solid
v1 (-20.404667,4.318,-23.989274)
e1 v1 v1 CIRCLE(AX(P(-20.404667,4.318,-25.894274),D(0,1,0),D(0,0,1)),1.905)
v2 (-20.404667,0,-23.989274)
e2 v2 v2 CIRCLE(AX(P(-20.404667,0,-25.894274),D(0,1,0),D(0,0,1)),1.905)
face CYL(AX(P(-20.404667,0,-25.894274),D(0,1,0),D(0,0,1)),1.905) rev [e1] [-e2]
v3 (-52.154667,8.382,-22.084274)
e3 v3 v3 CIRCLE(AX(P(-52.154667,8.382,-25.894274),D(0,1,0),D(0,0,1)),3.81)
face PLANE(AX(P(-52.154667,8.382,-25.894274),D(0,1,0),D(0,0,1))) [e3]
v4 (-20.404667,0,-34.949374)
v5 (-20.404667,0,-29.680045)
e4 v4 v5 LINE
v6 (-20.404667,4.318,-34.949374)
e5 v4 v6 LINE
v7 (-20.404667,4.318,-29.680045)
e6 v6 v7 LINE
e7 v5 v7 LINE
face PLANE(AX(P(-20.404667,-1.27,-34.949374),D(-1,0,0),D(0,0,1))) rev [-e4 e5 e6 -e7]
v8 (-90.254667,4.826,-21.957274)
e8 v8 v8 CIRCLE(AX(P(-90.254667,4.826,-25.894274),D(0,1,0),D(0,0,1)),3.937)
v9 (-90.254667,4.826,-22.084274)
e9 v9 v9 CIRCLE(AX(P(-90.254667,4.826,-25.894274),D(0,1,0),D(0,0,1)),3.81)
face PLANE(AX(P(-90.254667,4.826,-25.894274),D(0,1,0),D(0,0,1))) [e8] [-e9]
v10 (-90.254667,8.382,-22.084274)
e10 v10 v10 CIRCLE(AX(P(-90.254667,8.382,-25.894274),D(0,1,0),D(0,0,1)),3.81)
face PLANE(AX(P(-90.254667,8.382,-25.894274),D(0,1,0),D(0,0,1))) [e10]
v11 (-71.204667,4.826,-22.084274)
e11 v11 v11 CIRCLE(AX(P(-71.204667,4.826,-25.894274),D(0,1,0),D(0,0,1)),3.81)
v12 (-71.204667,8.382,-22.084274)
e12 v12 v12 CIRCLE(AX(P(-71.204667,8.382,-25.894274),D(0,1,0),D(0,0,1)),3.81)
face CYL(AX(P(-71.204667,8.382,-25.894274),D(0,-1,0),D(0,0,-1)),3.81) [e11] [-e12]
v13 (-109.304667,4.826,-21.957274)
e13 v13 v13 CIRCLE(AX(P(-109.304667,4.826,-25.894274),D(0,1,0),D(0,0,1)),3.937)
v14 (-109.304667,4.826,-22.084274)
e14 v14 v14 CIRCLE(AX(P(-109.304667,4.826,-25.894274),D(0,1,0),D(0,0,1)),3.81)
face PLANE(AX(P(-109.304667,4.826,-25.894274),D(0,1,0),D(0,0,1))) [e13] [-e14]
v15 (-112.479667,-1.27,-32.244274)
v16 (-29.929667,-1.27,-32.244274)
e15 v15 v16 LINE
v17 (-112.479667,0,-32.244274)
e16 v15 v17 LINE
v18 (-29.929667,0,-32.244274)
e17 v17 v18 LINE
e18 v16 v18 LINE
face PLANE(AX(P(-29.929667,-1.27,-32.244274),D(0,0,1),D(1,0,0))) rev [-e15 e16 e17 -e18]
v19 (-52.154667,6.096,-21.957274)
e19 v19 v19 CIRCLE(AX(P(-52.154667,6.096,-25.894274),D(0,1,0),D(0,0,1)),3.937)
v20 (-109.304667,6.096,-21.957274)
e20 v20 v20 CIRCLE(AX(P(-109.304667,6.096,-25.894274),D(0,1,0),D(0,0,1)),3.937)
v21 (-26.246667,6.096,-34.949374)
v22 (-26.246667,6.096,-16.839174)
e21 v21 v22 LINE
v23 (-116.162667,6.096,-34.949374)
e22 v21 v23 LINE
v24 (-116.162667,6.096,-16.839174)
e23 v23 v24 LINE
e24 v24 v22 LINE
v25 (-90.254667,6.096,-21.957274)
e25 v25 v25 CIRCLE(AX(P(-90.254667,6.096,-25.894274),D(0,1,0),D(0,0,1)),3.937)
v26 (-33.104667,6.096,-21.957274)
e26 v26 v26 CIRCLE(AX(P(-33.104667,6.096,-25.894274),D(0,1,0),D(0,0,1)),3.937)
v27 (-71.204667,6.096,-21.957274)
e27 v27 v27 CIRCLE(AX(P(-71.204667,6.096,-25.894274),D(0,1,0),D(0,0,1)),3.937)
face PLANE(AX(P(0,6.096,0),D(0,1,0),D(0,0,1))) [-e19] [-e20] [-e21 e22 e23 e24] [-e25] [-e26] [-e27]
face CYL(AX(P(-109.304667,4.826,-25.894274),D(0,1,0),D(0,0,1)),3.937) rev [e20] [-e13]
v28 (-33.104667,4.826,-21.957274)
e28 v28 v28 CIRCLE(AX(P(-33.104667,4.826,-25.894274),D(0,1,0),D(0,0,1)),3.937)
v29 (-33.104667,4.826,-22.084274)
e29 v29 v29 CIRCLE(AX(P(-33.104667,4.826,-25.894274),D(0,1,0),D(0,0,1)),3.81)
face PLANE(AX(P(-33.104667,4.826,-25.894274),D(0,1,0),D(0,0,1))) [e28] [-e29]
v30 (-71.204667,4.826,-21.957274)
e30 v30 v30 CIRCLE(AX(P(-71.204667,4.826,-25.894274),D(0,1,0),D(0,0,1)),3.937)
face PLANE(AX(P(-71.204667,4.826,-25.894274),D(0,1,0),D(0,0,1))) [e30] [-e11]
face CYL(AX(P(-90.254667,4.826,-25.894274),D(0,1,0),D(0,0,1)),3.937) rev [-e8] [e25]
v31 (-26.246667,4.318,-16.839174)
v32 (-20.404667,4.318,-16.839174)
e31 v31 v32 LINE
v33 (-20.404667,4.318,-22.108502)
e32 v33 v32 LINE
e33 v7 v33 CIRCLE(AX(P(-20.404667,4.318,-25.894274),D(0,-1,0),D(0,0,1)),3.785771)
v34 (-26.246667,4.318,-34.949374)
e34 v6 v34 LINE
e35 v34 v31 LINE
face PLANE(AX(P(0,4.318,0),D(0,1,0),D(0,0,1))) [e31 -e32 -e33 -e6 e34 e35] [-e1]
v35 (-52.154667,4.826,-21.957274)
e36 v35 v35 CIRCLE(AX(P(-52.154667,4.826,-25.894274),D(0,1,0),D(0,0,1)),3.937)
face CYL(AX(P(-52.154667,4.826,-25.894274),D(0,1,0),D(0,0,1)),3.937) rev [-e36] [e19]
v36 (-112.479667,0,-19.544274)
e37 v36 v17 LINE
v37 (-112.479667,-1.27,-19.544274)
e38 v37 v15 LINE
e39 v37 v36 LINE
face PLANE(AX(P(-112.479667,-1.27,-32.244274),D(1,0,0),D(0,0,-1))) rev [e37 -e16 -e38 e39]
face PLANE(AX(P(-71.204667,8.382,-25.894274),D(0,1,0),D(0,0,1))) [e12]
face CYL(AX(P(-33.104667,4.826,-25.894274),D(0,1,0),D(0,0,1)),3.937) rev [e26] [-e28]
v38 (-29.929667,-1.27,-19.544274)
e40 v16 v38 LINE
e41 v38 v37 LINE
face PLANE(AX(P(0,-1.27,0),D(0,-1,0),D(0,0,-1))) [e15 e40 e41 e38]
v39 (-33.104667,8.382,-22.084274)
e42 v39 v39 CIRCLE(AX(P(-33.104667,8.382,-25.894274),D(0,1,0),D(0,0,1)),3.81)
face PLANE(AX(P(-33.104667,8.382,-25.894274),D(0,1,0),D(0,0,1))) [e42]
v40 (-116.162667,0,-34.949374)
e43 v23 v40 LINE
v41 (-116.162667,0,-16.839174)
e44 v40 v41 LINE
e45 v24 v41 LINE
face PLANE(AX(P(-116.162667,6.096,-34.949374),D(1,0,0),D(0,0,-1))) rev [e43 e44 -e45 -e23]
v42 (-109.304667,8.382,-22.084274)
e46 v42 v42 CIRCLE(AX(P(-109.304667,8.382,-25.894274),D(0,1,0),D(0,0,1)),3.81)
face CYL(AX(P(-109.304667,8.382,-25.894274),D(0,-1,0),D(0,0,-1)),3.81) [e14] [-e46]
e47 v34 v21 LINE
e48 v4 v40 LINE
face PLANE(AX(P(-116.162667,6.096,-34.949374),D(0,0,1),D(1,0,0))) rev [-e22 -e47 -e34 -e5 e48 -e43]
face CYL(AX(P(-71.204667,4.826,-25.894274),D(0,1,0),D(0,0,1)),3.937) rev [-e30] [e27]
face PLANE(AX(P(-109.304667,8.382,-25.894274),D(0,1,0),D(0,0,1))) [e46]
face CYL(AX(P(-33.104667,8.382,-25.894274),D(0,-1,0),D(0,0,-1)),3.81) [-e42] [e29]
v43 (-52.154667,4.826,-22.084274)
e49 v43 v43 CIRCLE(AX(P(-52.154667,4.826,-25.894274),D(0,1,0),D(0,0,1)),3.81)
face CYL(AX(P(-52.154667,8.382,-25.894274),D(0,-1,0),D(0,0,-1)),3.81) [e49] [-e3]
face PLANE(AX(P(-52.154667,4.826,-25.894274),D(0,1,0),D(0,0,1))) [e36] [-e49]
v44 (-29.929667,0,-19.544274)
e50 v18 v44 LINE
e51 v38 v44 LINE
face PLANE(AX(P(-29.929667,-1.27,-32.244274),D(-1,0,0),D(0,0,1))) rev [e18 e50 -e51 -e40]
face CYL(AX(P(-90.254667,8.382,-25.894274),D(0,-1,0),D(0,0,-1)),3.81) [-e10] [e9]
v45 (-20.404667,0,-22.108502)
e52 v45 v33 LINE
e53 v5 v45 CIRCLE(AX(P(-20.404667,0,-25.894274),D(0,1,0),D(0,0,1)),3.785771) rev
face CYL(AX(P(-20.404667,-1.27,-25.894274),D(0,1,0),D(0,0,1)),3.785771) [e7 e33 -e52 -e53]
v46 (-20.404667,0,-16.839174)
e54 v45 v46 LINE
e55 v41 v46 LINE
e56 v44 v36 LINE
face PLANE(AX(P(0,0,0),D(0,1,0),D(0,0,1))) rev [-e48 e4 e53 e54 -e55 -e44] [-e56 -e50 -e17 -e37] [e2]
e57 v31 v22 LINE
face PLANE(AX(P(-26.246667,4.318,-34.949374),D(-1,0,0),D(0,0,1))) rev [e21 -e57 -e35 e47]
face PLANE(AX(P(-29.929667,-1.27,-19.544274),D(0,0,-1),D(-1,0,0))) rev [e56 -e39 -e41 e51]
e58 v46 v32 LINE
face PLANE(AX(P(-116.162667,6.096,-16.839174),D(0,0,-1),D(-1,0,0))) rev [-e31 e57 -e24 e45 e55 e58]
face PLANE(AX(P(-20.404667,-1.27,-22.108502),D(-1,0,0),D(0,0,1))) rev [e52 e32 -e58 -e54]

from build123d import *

# Parameters (mm, degrees)
SKETCH1_W           = 99.568
SKETCH1_H           = 18.1102
BOSS_EXTRUDE1_DEPTH = 6.096
SKETCH2_W           = 9.652
SKETCH2_H           = 18.1102
CUT_EXTRUDE1_DEPTH  = 1.778
SKETCH3_R           = 1.905
CUT_EXTRUDE2_DEPTH  = 5.318
SKETCH4_R           = 3.937
CUT_EXTRUDE3_DEPTH  = 1.27
SKETCH5_W           = 82.55
SKETCH5_H           = 12.7
BOSS_EXTRUDE2_DEPTH = 1.27
CUT_EXTRUDE4_DEPTH  = 6.588
SKETCH8_R           = 3.81
BOSS_EXTRUDE3_DEPTH = 3.556


with BuildPart() as part:
    # Sketch1 → Boss-Extrude1 (new body)
    with BuildSketch(Plane(origin=(0, 0, 0), x_dir=(1, 0, 0), z_dir=(0, 1, 0))):
        with Locations((-66.378666667, 25.894273737)):
            Rectangle(SKETCH1_W, SKETCH1_H)
    extrude(amount=BOSS_EXTRUDE1_DEPTH)

    # Sketch2 → Cut-Extrude1 (cut)
    with BuildSketch(Plane(origin=(0, 6.096, 0), x_dir=(1, 0, 0), z_dir=(0, 1, 0))):
        with Locations((-21.420666667, 25.894273737)):
            Rectangle(SKETCH2_W, SKETCH2_H)
    extrude(amount=-CUT_EXTRUDE1_DEPTH, mode=Mode.SUBTRACT)

    # Sketch3 → Cut-Extrude2 (cut, through all)
    with BuildSketch(Plane(origin=(0, 4.318, 0), x_dir=(1, 0, 0), z_dir=(0, 1, 0))):
        with Locations((-20.404666667, 25.894273737)):
            Circle(SKETCH3_R)
    extrude(amount=-CUT_EXTRUDE2_DEPTH, mode=Mode.SUBTRACT)

    # Sketch4 → Cut-Extrude3 (cut)
    with BuildSketch(Plane(origin=(0, 6.096, 0), x_dir=(1, 0, 0), z_dir=(0, 1, 0))):
        with Locations((-33.104666667, 25.894273737)):
            Circle(SKETCH4_R)
        with Locations((-52.154666667, 25.894273737)):
            Circle(SKETCH4_R)
        with Locations((-71.204666667, 25.894273737)):
            Circle(SKETCH4_R)
        with Locations((-90.254666667, 25.894273737)):
            Circle(SKETCH4_R)
        with Locations((-109.304666667, 25.894273737)):
            Circle(SKETCH4_R)
    extrude(amount=-CUT_EXTRUDE3_DEPTH, mode=Mode.SUBTRACT)

    # Sketch5 → Boss-Extrude2 (add)
    with BuildSketch(Plane.XZ):
        with Locations((-71.204666667, -25.894273737)):
            Rectangle(SKETCH5_W, SKETCH5_H)
    extrude(amount=BOSS_EXTRUDE2_DEPTH)

    # Sketch7 → Cut-Extrude4 (cut, through all)
    with BuildSketch(Plane(origin=(0, 4.318, 0), x_dir=(1, 0, 0), z_dir=(0, 1, 0))):
        with BuildLine():
            Line((-16.594666667, 34.949373737), (-20.404666667, 34.949373737))
            Line((-20.404666667, 34.949373737), (-20.404666667, 29.680045052))
            ThreePointArc((-20.404666667, 29.680045052), (-16.618895352, 25.894273737), (-20.404666667, 22.108502422))
            Line((-20.404666667, 22.108502422), (-20.404666667, 16.839173737))
            Line((-20.404666667, 16.839173737), (-16.594666667, 16.839173737))
            Line((-16.594666667, 16.839173737), (-16.594666667, 34.949373737))
        make_face()
    extrude(amount=-CUT_EXTRUDE4_DEPTH, mode=Mode.SUBTRACT)

    # Sketch8 → Boss-Extrude3 (add)
    with BuildSketch(Plane(origin=(0, 4.826, 0), x_dir=(1, 0, 0), z_dir=(0, 1, 0))):
        with Locations((-33.104666667, 25.894273737)):
            Circle(SKETCH8_R)
        with Locations((-52.154666667, 25.894273737)):
            Circle(SKETCH8_R)
        with Locations((-71.204666667, 25.894273737)):
            Circle(SKETCH8_R)
        with Locations((-90.254666667, 25.894273737)):
            Circle(SKETCH8_R)
        with Locations((-109.304666667, 25.894273737)):
            Circle(SKETCH8_R)
    extrude(amount=BOSS_EXTRUDE3_DEPTH)


solid = part.part
